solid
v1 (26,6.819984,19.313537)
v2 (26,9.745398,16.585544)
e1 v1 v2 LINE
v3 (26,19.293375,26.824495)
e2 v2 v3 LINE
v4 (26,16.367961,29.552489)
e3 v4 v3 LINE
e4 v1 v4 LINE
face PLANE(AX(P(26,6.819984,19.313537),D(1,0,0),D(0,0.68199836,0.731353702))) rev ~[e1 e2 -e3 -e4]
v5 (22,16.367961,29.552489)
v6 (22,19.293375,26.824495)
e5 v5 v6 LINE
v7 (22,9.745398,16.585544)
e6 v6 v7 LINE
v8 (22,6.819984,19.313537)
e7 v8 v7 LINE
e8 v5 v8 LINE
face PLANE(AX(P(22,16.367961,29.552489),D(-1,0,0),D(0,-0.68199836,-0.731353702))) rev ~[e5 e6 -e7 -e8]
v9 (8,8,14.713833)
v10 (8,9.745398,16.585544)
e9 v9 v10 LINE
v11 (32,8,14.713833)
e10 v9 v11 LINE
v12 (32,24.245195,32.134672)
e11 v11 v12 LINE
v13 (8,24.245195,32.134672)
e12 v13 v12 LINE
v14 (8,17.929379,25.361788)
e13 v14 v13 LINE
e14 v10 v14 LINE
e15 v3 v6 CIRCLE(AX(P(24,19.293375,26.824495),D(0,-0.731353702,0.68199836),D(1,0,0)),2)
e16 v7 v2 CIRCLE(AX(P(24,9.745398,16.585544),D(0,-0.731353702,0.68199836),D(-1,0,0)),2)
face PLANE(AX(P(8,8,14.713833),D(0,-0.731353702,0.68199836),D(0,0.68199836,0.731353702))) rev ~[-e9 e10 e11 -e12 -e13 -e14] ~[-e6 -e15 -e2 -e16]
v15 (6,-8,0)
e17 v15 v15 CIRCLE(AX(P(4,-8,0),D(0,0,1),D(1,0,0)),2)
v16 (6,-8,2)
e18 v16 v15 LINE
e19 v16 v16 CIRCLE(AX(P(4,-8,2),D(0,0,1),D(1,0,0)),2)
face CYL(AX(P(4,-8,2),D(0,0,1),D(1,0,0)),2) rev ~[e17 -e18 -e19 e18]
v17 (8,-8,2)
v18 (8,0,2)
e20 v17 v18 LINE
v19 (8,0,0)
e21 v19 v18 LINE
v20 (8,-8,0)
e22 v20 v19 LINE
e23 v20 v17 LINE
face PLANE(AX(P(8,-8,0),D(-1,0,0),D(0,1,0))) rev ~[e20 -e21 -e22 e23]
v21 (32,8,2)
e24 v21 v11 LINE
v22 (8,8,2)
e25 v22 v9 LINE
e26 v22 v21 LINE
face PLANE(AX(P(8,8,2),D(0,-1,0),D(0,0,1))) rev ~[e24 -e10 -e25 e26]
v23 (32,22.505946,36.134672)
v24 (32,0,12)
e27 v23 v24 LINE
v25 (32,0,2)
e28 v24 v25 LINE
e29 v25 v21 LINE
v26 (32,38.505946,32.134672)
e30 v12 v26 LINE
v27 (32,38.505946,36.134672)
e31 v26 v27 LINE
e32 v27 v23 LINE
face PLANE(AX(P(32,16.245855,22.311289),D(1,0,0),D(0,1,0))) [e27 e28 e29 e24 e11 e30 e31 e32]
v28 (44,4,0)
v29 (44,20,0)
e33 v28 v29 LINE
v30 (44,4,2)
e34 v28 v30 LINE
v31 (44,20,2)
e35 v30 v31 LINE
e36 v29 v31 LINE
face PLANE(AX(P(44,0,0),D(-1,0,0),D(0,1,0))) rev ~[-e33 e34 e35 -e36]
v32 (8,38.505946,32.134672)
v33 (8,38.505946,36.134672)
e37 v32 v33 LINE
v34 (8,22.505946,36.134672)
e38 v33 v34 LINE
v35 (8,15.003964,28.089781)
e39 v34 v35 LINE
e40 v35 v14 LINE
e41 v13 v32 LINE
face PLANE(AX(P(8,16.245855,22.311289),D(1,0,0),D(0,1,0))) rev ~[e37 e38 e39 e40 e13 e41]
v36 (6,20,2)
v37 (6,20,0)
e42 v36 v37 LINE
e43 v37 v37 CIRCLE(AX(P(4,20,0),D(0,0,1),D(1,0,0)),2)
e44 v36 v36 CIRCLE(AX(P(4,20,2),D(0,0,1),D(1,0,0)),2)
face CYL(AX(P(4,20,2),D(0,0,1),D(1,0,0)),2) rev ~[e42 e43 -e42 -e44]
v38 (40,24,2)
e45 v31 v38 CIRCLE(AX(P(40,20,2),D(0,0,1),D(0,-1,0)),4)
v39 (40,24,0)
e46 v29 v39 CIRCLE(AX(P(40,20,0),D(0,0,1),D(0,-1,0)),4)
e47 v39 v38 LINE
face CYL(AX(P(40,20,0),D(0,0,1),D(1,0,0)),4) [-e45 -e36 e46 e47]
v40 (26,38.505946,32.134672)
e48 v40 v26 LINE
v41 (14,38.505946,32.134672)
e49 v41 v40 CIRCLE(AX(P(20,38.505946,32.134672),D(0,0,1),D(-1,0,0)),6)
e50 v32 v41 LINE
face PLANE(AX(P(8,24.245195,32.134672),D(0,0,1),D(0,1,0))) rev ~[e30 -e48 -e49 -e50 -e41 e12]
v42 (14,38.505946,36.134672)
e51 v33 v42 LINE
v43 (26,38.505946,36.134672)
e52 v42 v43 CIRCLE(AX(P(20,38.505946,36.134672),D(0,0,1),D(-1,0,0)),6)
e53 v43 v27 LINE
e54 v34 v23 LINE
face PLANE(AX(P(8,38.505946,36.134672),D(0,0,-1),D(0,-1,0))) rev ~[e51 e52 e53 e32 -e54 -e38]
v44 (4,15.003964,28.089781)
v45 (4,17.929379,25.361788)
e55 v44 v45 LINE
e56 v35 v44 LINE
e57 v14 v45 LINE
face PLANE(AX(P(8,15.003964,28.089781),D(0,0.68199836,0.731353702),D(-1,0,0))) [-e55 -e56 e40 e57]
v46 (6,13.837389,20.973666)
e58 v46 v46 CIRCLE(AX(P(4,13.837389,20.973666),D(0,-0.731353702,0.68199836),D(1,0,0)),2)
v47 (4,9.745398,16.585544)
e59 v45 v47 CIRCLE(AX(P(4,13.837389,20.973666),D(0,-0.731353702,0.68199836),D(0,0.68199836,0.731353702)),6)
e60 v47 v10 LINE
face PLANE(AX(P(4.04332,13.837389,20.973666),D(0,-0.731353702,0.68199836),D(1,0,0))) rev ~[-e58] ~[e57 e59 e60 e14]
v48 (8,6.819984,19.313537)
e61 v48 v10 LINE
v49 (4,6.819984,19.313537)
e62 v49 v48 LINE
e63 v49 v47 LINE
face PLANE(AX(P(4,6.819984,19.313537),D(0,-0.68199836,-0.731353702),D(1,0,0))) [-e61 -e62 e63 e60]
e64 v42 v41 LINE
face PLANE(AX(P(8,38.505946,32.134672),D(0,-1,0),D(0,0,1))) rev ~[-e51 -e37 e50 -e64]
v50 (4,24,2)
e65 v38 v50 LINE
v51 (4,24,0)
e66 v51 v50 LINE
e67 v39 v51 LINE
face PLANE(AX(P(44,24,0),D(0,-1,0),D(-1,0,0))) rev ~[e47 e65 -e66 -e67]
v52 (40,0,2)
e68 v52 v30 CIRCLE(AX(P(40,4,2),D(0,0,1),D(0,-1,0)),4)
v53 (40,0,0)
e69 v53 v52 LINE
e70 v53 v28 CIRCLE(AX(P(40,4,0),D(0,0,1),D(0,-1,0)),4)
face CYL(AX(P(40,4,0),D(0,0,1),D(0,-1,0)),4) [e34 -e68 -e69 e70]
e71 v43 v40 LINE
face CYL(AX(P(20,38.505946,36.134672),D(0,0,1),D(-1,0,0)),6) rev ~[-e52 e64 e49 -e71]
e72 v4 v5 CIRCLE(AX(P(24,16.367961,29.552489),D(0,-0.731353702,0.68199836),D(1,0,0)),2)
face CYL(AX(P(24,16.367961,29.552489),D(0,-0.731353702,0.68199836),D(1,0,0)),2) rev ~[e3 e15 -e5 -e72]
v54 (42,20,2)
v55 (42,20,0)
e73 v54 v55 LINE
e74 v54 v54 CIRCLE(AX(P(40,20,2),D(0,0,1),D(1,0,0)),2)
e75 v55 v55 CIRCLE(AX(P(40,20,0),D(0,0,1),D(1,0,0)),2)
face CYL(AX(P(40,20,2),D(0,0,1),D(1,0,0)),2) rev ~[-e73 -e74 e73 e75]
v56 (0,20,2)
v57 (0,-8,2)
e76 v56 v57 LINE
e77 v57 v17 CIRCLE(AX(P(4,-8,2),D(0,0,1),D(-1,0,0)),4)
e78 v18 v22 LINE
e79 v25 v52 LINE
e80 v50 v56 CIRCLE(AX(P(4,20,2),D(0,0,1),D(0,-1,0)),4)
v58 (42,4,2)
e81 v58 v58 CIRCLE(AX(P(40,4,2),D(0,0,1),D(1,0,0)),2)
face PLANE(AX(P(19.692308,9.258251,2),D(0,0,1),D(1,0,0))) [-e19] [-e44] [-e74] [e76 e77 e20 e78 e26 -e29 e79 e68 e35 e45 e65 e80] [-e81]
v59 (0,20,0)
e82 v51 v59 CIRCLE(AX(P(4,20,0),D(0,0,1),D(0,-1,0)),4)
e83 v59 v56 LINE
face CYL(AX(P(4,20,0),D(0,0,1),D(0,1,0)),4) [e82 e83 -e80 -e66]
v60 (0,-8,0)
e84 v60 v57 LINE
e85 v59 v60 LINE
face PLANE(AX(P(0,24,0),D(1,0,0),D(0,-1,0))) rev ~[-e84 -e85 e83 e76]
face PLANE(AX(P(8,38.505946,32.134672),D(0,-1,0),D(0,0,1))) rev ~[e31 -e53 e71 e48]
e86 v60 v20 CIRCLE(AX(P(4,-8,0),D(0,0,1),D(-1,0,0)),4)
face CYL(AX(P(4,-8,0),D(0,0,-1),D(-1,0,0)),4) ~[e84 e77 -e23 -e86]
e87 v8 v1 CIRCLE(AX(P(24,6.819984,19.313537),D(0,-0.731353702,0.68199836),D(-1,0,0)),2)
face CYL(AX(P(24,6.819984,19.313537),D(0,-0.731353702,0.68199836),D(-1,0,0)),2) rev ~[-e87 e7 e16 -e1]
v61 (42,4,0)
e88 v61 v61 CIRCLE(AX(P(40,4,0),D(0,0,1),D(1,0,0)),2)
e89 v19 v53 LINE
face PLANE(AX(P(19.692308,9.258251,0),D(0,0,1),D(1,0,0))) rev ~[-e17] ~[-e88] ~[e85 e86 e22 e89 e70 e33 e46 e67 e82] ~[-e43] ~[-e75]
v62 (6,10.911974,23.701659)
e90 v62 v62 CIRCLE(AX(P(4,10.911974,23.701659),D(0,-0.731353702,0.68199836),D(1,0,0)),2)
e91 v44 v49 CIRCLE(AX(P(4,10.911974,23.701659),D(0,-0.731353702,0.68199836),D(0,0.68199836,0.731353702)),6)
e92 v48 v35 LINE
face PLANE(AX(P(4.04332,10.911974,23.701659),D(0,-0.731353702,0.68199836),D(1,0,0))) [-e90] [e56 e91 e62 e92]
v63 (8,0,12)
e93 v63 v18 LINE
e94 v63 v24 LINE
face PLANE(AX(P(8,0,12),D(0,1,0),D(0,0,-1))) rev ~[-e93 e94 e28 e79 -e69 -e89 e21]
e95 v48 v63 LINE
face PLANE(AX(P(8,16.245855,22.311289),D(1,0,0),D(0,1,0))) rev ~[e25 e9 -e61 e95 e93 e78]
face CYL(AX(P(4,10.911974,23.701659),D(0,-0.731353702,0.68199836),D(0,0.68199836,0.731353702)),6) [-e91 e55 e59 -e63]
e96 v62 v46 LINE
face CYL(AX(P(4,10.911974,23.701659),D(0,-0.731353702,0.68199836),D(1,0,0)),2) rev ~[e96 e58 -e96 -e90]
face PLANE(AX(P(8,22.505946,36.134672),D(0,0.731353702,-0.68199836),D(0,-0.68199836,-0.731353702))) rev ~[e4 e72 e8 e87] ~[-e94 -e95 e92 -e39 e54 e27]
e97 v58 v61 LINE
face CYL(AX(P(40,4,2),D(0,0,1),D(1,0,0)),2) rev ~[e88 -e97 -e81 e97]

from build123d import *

# Parameters (mm, degrees)
F1_DEPTH  = 2
F3_DEPTH  = 24
F4_R      = 2
F5_DEPTH  = 2.001
F6_R      = 4
F8_DEPTH  = 4
F9_R      = 2
F10_DEPTH = 4
F12_DEPTH = 4


with BuildPart() as f1:
    # F0 (on Top) → F1 (new body)
    with BuildSketch(Plane.XY):
        with BuildLine():
            Line((0, 24), (0, 0))
            Line((0, 0), (0, -8))
            ThreePointArc((0, -8), (4, -12), (8, -8))
            Line((8, -8), (8, 0))
            Line((8, 0), (44, 0))
            Line((44, 0), (44, 24))
            Line((44, 24), (0, 24))
        make_face()
    extrude(amount=F1_DEPTH)

    # F2 (on face) → F3 (join)
    with BuildSketch(Plane.YZ.offset(8)):
        Polygon((0, 12), (0, 2), (8, 2), (8, 14.7138329376), (24.2451953819, 32.1346721534), (38.5059458821, 32.1346721534), (38.5059458821, 36.1346721534), (22.5059458821, 36.1346721534), align=None)
    extrude(amount=F3_DEPTH)

    # F4 (on face) → F5 (cut, through all)
    with BuildSketch(Plane.XY.offset(2)):
        with Locations((4, -8)):
            Circle(F4_R)
        with Locations((40, 4)):
            Circle(F4_R)
        with Locations((40, 20)):
            Circle(F4_R)
        with Locations((4, 20)):
            Circle(F4_R)
    extrude(amount=-F5_DEPTH, mode=Mode.SUBTRACT)

    # F6
    f6_edges = [f1.edges().sort_by_distance(p)[0] for p in [
        (44, 0, 1),
        (44, 24, 1),
        (0, 24, 1),
    ]]
    fillet(f6_edges, radius=F6_R)

    # F7 (on face) → F8 (cut)
    with BuildSketch(Plane.XY.offset(36.1346721534)):
        with BuildLine():
            Line((26, 38.5059458821), (14, 38.5059458821))
            ThreePointArc((14, 38.5059458821), (20, 32.5059458821), (26, 38.5059458821))
        make_face()
    extrude(amount=-F8_DEPTH, mode=Mode.SUBTRACT)

    # F9 (on face) → F10 (join)
    with BuildSketch(Plane(origin=(0, -5.9853843016, 5.5814611575), x_dir=(1, 0, 0), z_dir=(0, -0.7313537016, 0.6819983601))):
        with BuildLine():
            Line((8, 18.7762444194), (8, 30.7762444194))
            Line((8, 30.7762444194), (4, 30.7762444194))
            ThreePointArc((4, 30.7762444194), (-2, 24.7762444194), (4, 18.7762444194))
            Line((4, 18.7762444194), (8, 18.7762444194))
        make_face()
        with Locations((4, 24.7762444194)):
            Circle(F9_R, mode=Mode.SUBTRACT)
    extrude(amount=-F10_DEPTH)

    # F11 (on face) → F12 (cut)
    with BuildSketch(Plane(origin=(0, -5.9853843016, 5.5814611575), x_dir=(1, 0, 0), z_dir=(0, -0.7313537016, 0.6819983601))):
        with BuildLine():
            Line((26, 18.7762444194), (26, 32.7762444194))
            ThreePointArc((26, 32.7762444194), (24, 34.7762444194), (22, 32.7762444194))
            Line((22, 32.7762444194), (22, 18.7762444194))
            ThreePointArc((22, 18.7762444194), (24, 16.7762444194), (26, 18.7762444194))
        make_face()
    extrude(amount=-F12_DEPTH, mode=Mode.SUBTRACT)


solid = f1.part
